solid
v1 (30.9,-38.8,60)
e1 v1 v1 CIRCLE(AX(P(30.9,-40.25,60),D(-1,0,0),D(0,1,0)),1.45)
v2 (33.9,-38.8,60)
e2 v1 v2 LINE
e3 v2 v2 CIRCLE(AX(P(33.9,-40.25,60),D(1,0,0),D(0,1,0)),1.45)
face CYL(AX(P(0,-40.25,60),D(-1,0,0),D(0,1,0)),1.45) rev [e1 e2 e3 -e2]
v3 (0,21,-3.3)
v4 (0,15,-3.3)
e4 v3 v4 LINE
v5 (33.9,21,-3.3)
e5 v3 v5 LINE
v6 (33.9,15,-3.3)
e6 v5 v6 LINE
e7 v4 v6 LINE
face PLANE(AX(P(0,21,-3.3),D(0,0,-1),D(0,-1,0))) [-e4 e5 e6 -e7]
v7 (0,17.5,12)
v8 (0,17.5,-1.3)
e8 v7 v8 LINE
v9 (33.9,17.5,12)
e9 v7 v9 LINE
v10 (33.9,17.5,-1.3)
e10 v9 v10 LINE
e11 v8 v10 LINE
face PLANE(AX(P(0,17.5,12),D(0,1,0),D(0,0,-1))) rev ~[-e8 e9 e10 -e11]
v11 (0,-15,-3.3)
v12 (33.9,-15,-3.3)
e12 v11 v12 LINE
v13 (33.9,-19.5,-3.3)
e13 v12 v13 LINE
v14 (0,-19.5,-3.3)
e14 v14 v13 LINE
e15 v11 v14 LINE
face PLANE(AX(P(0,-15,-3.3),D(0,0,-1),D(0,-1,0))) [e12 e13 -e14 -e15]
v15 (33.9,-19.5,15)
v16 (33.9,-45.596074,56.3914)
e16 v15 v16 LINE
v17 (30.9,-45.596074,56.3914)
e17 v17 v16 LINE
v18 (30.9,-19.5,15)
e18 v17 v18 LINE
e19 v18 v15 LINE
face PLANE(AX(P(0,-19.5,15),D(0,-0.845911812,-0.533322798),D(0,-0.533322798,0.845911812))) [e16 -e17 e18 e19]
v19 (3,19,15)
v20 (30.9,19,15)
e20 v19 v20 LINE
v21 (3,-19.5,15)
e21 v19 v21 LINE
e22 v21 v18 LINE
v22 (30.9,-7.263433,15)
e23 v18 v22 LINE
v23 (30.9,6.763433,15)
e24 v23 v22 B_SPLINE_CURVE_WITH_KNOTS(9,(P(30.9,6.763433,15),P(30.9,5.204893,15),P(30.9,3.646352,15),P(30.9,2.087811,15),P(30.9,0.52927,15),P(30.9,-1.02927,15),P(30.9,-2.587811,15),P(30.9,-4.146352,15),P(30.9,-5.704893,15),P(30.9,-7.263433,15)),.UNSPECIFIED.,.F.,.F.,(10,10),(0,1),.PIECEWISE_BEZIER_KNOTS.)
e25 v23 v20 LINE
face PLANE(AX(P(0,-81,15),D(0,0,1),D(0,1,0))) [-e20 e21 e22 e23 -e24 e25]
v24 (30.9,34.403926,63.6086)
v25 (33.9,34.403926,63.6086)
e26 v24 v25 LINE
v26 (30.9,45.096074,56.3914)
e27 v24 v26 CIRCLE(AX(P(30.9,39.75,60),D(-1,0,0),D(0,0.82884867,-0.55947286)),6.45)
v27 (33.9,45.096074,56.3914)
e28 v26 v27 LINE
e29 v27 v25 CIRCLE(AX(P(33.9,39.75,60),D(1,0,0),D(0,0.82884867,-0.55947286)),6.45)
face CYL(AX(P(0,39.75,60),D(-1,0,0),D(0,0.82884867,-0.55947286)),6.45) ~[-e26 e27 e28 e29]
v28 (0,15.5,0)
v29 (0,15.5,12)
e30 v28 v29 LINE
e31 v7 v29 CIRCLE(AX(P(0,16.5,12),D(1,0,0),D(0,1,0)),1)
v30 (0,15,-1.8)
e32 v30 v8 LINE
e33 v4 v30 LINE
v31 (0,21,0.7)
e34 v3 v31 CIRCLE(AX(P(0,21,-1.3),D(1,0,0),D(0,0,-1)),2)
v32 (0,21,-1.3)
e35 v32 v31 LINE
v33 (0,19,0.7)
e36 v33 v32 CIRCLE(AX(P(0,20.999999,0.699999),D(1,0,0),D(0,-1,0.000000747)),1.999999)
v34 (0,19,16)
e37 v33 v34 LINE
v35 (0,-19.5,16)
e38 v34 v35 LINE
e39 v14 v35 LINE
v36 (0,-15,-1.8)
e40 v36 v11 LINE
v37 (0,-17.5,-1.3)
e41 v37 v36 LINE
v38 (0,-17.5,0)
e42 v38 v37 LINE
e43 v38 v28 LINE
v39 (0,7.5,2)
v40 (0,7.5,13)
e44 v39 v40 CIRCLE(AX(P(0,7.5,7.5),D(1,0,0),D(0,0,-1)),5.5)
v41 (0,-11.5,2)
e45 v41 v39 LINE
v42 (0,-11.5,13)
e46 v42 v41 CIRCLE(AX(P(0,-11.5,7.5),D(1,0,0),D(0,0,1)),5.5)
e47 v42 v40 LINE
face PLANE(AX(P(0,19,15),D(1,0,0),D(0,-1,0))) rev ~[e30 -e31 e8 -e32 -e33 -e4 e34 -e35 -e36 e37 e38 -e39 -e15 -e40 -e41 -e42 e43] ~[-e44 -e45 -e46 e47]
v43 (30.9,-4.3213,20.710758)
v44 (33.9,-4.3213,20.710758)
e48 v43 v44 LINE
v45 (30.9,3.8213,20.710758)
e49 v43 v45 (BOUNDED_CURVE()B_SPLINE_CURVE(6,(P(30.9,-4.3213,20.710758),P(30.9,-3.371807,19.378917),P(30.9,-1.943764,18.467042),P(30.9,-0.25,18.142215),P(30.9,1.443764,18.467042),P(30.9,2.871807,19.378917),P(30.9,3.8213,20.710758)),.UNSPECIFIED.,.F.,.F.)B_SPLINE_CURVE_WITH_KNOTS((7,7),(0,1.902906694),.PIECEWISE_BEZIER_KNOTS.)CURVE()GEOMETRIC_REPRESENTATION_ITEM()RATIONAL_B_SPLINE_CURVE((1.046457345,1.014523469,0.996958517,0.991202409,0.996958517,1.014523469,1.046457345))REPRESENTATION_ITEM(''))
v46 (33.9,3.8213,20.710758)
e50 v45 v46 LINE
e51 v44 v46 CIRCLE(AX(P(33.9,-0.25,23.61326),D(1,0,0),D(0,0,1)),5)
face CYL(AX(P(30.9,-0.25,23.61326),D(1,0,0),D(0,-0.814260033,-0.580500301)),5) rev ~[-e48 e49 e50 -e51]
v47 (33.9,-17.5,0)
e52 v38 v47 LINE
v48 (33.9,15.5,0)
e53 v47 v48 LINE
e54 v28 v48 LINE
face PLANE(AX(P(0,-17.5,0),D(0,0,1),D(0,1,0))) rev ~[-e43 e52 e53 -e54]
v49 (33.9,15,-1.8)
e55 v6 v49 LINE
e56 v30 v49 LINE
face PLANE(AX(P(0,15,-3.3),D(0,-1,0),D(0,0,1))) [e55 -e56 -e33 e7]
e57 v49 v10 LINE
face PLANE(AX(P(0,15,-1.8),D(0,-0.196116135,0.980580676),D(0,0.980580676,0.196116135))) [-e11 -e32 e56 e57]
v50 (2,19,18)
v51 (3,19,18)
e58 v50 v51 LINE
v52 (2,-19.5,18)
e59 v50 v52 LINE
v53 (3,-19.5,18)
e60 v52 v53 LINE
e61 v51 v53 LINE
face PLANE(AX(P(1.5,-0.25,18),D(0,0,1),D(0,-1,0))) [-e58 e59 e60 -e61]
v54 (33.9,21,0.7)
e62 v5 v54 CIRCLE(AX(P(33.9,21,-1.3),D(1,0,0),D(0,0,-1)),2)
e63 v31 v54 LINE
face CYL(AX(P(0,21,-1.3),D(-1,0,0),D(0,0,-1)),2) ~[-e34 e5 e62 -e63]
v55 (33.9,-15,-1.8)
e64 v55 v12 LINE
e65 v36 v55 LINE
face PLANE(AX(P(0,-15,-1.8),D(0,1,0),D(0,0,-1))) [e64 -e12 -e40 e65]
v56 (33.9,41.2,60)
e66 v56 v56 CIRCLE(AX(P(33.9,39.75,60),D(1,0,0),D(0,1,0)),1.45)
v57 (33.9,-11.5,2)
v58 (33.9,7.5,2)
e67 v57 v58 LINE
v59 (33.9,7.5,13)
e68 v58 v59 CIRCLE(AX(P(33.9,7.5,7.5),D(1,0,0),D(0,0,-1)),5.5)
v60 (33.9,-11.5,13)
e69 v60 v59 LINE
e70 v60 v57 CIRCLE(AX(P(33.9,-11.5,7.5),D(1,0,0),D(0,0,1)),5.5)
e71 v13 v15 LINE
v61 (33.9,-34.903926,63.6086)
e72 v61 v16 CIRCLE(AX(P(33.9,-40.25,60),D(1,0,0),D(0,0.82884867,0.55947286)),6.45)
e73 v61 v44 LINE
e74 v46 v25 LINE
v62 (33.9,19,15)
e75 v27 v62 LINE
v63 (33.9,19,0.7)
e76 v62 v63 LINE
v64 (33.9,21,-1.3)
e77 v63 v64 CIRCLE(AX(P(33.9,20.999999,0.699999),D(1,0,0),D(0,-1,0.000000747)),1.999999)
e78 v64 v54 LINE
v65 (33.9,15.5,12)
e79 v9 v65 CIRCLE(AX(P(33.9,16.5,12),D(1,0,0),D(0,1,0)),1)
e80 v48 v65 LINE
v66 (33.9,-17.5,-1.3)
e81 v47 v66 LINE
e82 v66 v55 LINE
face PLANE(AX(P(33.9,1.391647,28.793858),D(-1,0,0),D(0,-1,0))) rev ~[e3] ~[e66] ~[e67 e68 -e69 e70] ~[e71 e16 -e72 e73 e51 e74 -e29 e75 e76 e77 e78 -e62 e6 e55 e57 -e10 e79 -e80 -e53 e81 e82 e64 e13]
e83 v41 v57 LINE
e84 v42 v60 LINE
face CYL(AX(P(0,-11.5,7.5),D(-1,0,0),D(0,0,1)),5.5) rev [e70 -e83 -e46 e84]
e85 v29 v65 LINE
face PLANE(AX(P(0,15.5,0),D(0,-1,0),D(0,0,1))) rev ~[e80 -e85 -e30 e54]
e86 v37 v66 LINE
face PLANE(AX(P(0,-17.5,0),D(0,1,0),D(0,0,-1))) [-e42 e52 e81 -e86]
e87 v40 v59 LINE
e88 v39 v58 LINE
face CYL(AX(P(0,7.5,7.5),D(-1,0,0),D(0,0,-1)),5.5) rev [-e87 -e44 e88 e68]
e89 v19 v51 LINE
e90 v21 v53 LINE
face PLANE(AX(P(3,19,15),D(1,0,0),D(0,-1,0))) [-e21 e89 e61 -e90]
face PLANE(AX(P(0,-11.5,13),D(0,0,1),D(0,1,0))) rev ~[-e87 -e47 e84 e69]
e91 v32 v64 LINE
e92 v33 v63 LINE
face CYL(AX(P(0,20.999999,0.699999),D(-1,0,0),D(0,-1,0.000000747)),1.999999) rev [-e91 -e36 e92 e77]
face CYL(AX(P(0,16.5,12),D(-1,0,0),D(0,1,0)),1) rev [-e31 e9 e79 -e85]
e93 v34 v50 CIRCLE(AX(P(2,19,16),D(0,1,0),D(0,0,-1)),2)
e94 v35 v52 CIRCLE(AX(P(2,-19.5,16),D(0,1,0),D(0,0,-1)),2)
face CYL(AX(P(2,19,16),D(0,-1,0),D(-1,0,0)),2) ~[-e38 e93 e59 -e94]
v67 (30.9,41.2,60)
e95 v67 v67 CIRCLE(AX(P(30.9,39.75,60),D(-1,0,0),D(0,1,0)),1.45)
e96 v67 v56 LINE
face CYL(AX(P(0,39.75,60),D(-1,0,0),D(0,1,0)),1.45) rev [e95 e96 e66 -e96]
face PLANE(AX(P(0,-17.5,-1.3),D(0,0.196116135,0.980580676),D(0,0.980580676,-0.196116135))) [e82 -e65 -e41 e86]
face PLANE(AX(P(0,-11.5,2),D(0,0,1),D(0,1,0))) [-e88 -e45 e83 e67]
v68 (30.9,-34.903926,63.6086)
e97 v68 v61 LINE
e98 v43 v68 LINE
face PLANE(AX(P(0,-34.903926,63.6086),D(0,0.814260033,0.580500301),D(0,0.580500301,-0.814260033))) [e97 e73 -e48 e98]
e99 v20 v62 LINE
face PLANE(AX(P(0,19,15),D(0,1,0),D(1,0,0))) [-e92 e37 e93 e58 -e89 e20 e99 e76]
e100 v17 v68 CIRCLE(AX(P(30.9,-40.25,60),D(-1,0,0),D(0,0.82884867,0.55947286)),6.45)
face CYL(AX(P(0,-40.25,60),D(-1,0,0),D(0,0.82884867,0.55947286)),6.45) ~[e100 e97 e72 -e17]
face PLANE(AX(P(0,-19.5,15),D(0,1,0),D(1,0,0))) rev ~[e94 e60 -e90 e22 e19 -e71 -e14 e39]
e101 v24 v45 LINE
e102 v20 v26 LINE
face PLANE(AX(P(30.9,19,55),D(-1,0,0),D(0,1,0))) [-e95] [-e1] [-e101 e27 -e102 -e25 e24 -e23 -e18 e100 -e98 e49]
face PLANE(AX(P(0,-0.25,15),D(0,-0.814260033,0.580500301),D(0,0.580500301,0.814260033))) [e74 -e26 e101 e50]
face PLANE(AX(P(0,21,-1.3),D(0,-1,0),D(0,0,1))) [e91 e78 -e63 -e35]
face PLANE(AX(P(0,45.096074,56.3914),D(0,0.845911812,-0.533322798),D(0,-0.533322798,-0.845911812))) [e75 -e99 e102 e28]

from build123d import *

# Parameters (mm, degrees)
SKETCH001_R  = 1.45
PAD_DEPTH    = 33.9
SKETCH002_W  = 200
SKETCH002_H  = 80
POCKET_DEPTH = 30.9
SKETCH003_W  = 38.5
SKETCH003_H  = 3
PAD001_DEPTH = 3
FILLET_R     = 2
FILLET001_R  = 5


with BuildPart() as part:
    # Sketch001 → Pad (new body)
    with BuildSketch(Plane.YZ):
        with BuildLine():
            Line((-15, -3.3), (-19.5, -3.3))
            Line((-19.5, -3.3), (-19.5, 15))
            Line((-19.5, 15), (-45.596074, 56.3914))
            ThreePointArc((-34.903926, 63.6086), (-43.8586, 65.346074), (-45.596074, 56.3914))
            Line((-34.903926, 63.6086), (-0.25, 15))
            Line((-0.25, 15), (34.403926, 63.6086))
            ThreePointArc((45.096074, 56.3914), (43.3586, 65.346074), (34.403926, 63.6086))
            Line((45.096074, 56.3914), (19, 15))
            Line((19, 15), (19, 0.7))
            ThreePointArc((19, 0.7), (19.585786, -0.714214), (21, -1.3))
            Line((21, -1.3), (21, 0.7))
            ThreePointArc((21, -3.3), (23, -1.3), (21, 0.7))
            Line((21, -3.3), (15, -3.3))
            Line((15, -3.3), (15, -1.8))
            Line((15, -1.8), (17.5, -1.3))
            Line((17.5, -1.3), (17.5, 0))
            Line((17.5, 12), (17.5, 0))
            ThreePointArc((17.5, 12), (16.5, 13), (15.5, 12))
            Line((15.5, 0), (15.5, 12))
            Line((-17.5, 0), (15.5, 0))
            Line((-17.5, 0), (-17.5, -1.3))
            Line((-17.5, -1.3), (-15, -1.8))
            Line((-15, -1.8), (-15, -3.3))
        make_face()
        with Locations((-40.25, 60)):
            Circle(SKETCH001_R, mode=Mode.SUBTRACT)
        with Locations((39.75, 60)):
            Circle(SKETCH001_R, mode=Mode.SUBTRACT)
        with BuildLine():
            ThreePointArc((-11.5, 13), (-17, 7.5), (-11.5, 2))
            Line((-11.5, 2), (7.5, 2))
            ThreePointArc((7.5, 2), (13, 7.5), (7.5, 13))
            Line((-11.5, 13), (7.5, 13))
        make_face(mode=Mode.SUBTRACT)
    extrude(amount=PAD_DEPTH)

    # Sketch002 (on Face30 of Pad) → Pocket (cut)
    with BuildSketch(Plane(origin=(0, 0, 0), x_dir=(0, 1, 0), z_dir=(-1, 0, 0))):
        with Locations((19, -55)):
            Rectangle(SKETCH002_W, SKETCH002_H)
    extrude(amount=-POCKET_DEPTH, mode=Mode.SUBTRACT)

    # Sketch003 (on Face18 of Pocket) → Pad001 (join)
    with BuildSketch(Plane(origin=(0, 0, 15), x_dir=(0, -1, 0), z_dir=(0, 0, 1))):
        with Locations((0.25, 1.5)):
            Rectangle(SKETCH003_W, SKETCH003_H)
    extrude(amount=PAD001_DEPTH)

    # Fillet
    fillet_edges = [part.edges().sort_by_distance(p)[0] for p in [
        (0, -0.25, 18),
    ]]
    fillet(fillet_edges, radius=FILLET_R)

    # Fillet001
    fillet001_edges = [part.edges().sort_by_distance(p)[0] for p in [
        (32.4, -0.25, 15),
    ]]
    fillet(fillet001_edges, radius=FILLET001_R)


solid = part.part
